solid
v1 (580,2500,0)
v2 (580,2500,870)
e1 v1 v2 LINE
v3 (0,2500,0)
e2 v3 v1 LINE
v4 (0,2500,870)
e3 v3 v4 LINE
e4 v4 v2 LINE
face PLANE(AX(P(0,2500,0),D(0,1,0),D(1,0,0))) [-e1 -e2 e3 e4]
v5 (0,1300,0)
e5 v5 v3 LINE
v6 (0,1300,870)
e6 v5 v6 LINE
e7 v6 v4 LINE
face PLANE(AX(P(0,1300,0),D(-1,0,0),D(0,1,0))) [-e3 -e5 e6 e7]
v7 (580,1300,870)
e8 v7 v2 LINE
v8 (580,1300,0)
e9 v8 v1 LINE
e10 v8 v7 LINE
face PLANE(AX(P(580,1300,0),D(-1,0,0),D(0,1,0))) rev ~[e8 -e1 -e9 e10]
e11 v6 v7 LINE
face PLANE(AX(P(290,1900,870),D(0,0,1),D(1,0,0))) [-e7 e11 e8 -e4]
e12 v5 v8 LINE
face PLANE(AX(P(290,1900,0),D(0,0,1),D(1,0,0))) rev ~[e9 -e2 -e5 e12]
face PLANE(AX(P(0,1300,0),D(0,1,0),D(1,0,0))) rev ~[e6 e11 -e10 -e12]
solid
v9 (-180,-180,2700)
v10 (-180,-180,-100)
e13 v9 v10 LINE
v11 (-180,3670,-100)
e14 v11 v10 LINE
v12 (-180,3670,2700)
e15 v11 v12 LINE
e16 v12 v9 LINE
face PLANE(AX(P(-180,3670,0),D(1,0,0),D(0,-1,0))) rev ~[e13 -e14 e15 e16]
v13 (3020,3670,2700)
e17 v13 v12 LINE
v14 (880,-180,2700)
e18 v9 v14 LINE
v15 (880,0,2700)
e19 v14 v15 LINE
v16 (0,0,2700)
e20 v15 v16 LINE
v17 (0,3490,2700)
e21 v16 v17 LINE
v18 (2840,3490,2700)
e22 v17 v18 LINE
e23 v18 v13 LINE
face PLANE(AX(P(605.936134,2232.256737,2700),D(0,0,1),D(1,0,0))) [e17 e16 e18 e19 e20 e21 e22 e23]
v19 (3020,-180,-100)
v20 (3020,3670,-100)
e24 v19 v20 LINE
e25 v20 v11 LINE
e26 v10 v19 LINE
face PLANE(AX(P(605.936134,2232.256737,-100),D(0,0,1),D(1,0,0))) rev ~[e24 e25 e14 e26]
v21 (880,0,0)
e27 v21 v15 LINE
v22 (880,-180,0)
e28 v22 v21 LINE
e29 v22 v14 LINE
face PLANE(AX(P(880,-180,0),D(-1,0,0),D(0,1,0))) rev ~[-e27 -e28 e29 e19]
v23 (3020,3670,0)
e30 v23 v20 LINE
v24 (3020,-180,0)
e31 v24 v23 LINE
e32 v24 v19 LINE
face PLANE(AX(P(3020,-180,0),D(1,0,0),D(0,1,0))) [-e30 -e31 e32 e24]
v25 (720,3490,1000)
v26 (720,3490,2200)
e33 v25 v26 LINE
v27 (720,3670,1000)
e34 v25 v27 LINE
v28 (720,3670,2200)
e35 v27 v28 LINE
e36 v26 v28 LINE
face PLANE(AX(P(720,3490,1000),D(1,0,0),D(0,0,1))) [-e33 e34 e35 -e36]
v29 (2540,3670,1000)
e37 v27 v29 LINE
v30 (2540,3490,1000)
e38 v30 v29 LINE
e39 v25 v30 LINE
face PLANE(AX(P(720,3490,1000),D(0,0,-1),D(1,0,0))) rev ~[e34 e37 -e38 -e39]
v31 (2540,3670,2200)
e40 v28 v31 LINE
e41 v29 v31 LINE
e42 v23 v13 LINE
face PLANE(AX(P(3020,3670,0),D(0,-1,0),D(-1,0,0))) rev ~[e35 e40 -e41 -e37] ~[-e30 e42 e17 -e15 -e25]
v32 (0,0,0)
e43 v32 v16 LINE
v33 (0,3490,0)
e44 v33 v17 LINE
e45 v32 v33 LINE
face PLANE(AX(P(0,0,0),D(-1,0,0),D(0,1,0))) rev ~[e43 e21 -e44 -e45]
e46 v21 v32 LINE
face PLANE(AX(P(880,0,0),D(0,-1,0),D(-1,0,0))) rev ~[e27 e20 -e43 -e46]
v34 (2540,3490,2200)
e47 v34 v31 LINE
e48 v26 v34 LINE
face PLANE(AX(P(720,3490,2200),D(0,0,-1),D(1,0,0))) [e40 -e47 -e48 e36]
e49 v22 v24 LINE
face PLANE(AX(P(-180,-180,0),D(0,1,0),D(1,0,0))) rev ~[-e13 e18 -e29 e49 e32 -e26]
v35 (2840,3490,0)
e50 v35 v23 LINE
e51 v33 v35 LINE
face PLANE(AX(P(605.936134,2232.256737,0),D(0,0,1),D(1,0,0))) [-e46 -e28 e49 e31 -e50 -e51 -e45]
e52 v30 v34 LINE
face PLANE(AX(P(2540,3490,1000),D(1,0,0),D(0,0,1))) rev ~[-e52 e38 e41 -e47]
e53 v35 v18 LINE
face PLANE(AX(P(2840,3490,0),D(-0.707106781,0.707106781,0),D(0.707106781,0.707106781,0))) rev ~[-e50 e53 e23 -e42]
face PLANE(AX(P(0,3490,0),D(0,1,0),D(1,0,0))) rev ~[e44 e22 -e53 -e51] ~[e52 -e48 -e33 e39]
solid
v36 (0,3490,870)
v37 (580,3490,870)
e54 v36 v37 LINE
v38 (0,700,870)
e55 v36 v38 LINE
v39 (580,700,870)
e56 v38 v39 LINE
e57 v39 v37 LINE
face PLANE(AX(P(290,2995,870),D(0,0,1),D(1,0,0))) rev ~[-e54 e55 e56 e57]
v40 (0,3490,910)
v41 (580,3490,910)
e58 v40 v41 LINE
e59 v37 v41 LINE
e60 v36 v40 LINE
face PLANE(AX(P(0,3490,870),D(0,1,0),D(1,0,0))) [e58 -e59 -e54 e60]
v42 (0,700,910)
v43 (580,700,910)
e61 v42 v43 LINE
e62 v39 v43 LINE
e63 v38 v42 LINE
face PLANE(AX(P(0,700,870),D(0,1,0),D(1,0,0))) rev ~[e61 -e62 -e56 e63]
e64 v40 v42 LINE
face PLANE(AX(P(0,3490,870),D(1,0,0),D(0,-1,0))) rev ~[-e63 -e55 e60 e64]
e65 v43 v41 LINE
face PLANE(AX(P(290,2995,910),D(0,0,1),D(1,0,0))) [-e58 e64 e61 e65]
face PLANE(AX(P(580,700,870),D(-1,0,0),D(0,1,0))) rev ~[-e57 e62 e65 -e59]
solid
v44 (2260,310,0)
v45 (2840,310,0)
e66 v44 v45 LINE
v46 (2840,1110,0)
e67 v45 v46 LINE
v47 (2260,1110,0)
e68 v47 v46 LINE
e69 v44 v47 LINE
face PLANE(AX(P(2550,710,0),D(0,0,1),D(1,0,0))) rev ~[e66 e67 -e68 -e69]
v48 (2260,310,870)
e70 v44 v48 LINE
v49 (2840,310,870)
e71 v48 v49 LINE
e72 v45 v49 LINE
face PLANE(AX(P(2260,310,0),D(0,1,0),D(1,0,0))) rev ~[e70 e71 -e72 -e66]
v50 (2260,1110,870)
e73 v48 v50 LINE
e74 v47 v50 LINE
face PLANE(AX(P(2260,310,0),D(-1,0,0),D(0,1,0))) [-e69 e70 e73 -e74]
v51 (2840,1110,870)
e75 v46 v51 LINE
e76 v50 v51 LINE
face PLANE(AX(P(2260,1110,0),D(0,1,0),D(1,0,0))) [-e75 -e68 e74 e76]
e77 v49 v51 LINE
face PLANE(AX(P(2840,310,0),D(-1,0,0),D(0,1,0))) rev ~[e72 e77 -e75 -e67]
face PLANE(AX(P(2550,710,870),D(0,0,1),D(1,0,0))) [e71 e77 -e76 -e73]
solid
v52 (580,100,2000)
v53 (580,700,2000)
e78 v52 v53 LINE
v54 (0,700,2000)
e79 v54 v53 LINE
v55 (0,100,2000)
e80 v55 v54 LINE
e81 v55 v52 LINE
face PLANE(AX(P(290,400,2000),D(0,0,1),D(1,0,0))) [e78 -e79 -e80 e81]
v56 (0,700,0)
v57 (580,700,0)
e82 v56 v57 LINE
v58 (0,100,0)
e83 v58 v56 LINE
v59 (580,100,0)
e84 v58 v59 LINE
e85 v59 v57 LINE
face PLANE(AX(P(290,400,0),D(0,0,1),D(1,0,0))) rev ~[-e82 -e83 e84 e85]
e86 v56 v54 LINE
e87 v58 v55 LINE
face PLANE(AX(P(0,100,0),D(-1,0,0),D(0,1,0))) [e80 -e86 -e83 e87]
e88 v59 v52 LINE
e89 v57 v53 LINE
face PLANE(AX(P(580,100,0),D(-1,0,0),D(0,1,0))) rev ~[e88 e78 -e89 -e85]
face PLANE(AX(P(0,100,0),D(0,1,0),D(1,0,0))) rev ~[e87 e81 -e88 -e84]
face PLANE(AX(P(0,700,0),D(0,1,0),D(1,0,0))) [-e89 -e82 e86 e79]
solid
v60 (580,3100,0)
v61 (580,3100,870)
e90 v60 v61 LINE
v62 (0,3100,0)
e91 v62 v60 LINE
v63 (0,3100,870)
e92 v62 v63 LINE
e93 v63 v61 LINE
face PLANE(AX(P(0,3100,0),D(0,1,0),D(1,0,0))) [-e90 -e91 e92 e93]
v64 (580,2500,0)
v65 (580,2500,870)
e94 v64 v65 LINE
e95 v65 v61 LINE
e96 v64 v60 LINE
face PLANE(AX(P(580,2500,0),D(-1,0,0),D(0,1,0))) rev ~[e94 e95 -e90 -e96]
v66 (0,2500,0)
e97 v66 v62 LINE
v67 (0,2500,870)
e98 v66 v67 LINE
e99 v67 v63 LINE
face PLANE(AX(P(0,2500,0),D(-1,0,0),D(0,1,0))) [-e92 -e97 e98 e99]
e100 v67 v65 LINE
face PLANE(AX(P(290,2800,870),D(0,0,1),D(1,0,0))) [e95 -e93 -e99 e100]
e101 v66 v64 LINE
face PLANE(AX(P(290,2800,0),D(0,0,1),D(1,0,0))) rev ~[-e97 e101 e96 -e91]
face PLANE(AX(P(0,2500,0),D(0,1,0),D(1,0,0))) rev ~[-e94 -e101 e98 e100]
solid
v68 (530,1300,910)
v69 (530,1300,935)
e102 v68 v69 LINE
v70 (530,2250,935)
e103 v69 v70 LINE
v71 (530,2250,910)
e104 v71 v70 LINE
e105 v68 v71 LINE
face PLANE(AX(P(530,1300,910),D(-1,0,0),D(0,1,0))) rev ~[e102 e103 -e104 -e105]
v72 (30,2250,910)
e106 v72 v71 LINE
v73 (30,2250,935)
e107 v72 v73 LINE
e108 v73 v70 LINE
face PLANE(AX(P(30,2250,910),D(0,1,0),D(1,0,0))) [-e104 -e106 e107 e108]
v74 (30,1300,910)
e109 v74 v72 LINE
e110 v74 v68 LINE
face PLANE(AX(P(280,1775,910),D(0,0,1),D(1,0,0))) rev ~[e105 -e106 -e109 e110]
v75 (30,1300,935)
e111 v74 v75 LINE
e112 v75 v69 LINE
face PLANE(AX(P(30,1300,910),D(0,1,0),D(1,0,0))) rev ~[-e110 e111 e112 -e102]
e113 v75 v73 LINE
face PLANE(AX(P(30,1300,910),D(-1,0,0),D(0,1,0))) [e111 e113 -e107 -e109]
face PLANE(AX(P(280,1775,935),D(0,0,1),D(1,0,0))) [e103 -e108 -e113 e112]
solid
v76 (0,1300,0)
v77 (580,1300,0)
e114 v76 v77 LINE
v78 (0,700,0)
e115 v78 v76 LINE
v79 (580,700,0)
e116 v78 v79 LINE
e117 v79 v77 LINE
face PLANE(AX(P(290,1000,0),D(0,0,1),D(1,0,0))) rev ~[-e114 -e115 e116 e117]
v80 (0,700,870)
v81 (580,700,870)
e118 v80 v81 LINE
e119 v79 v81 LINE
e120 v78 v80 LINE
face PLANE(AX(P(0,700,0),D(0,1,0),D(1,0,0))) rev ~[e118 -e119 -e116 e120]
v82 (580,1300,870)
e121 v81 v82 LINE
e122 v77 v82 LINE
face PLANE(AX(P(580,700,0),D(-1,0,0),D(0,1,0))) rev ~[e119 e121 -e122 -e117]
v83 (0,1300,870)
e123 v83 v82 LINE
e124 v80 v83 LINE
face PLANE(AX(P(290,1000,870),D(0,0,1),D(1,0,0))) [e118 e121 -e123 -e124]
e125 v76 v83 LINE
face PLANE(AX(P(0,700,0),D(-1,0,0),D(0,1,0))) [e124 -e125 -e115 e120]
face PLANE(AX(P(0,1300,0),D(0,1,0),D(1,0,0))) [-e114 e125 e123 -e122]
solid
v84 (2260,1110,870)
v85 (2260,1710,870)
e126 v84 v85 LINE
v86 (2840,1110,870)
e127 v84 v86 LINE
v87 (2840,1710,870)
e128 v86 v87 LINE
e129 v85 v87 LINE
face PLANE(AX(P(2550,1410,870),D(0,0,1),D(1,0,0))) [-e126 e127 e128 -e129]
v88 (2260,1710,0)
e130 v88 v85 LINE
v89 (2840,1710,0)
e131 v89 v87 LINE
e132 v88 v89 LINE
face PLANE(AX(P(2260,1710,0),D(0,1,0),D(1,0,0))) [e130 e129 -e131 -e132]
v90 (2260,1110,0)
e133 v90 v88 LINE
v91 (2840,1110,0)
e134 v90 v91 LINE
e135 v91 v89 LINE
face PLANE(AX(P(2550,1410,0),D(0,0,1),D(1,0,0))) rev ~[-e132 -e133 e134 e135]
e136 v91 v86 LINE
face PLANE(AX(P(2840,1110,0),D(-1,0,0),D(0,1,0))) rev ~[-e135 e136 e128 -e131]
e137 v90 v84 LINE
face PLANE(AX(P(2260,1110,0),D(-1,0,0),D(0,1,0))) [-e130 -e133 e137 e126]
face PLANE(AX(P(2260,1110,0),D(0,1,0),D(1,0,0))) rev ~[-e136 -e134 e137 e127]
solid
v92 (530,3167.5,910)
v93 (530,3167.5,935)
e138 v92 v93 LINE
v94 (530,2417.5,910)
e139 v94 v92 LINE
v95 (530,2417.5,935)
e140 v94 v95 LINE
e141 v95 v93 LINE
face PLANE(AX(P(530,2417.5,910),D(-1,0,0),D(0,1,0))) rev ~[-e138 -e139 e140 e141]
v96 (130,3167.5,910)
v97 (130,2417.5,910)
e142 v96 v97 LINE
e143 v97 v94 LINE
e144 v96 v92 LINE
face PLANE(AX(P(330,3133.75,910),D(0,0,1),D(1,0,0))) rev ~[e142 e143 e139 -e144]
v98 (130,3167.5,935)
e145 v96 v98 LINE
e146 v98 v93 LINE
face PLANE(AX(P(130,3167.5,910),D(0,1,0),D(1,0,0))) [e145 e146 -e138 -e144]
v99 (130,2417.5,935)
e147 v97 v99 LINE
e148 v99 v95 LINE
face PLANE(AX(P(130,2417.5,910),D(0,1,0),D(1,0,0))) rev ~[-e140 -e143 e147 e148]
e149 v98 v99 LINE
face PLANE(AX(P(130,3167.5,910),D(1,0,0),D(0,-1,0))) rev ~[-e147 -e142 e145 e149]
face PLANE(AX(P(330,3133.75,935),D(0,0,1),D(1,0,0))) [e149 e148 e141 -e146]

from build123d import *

# Parameters (mm, degrees)
F1_DEPTH  = 100
F2_DEPTH  = 2700
F3_W      = 580
F3_H      = 600
F4_DEPTH  = 2000
F5_DEPTH  = 870
F3_H_2    = 1200
F6_DEPTH  = 870
F7_DEPTH  = 870
F8_W      = 580
F8_H      = 990
F8_H_2    = 1200
F8_H_3    = 600
F9_DEPTH  = 40
F10_W     = 400
F10_H     = 67.5
F10_H_2   = 600
F10_H_3   = 82.5
F11_DEPTH = 25
F12_W     = 500
F12_H     = 950
F13_DEPTH = 25
F14_W     = 580
F14_H     = 800
F15_DEPTH = 870
F14_H_2   = 600
F16_DEPTH = 870
F17_W     = 1820
F17_H     = 1200
F18_DEPTH = 180.001


with BuildPart() as f1:
    # F0 (on Top) → F1 (new body)
    with BuildSketch(Plane.XY):
        Polygon((880, 0), (0, 0), (0, 3490), (2840, 3490), (3020, 3670), (-180, 3670), (-180, -180), (880, -180), align=None)
        Polygon((0, 3490), (0, 0), (880, 0), (2840, 0), (2840, 3490), align=None)
        Polygon((2840, 0), (880, 0), (880, -180), (3020, -180), (3020, 3670), (2840, 3490), align=None)
    extrude(amount=-F1_DEPTH)

    # F0 (on Top) → F2 (join)
    with BuildSketch(Plane.XY):
        Polygon((880, 0), (0, 0), (0, 3490), (2840, 3490), (3020, 3670), (-180, 3670), (-180, -180), (880, -180), align=None)
    extrude(amount=F2_DEPTH)

    # F17 (on face) → F18 (cut, through all)
    with BuildSketch(Plane.XZ.offset(-3490)):
        with Locations((1630, 1600)):
            Rectangle(F17_W, F17_H)
    extrude(amount=-F18_DEPTH, mode=Mode.SUBTRACT)


with BuildPart() as f4:
    # F3 (on face) → F4 (new body)
    with BuildSketch(Plane.XY):
        with Locations((290, 400)):
            Rectangle(F3_W, F3_H)
    extrude(amount=F4_DEPTH)


with BuildPart() as f5:
    # F3 (on face) → F5 (new body)
    with BuildSketch(Plane.XY):
        with Locations((290, 1000)):
            Rectangle(F3_W, F3_H)
    extrude(amount=F5_DEPTH)


with BuildPart() as f6:
    # F3 (on face) → F6 (new body)
    with BuildSketch(Plane.XY):
        with Locations((290, 1900)):
            Rectangle(F3_W, F3_H_2)
    extrude(amount=F6_DEPTH)


with BuildPart() as f7:
    # F3 (on face) → F7 (new body)
    with BuildSketch(Plane.XY):
        with Locations((290, 2800)):
            Rectangle(F3_W, F3_H)
    extrude(amount=F7_DEPTH)


with BuildPart() as f9:
    # F8 (on face) → F9 (new body)
    with BuildSketch(Plane.XY.offset(870)):
        with Locations((290, 2995)):
            Rectangle(F8_W, F8_H)
        with Locations((290, 1900)):
            Rectangle(F8_W, F8_H_2)
        with Locations((290, 1000)):
            Rectangle(F8_W, F8_H_3)
    extrude(amount=F9_DEPTH)


with BuildPart() as f11:
    # F10 (on face) → F11 (new body)
    with BuildSketch(Plane.XY.offset(910)):
        with Locations((330, 3133.75)):
            Rectangle(F10_W, F10_H)
        with Locations((330, 2800)):
            Rectangle(F10_W, F10_H_2)
        with Locations((330, 2458.75)):
            Rectangle(F10_W, F10_H_3)
    extrude(amount=F11_DEPTH)


with BuildPart() as f13:
    # F12 (on face) → F13 (new body)
    with BuildSketch(Plane.XY.offset(910)):
        with Locations((280, 1775)):
            Rectangle(F12_W, F12_H)
    extrude(amount=F13_DEPTH)


with BuildPart() as f15:
    # F14 (on face) → F15 (new body)
    with BuildSketch(Plane.XY):
        with Locations((2550, 710)):
            Rectangle(F14_W, F14_H)
    extrude(amount=F15_DEPTH)


with BuildPart() as f16:
    # F14 (on face) → F16 (new body)
    with BuildSketch(Plane.XY):
        with Locations((2550, 1410)):
            Rectangle(F14_W, F14_H_2)
    extrude(amount=F16_DEPTH)


solid = Compound([f1.part, f4.part, f5.part, f6.part, f7.part, f9.part, f11.part, f13.part, f15.part, f16.part])
